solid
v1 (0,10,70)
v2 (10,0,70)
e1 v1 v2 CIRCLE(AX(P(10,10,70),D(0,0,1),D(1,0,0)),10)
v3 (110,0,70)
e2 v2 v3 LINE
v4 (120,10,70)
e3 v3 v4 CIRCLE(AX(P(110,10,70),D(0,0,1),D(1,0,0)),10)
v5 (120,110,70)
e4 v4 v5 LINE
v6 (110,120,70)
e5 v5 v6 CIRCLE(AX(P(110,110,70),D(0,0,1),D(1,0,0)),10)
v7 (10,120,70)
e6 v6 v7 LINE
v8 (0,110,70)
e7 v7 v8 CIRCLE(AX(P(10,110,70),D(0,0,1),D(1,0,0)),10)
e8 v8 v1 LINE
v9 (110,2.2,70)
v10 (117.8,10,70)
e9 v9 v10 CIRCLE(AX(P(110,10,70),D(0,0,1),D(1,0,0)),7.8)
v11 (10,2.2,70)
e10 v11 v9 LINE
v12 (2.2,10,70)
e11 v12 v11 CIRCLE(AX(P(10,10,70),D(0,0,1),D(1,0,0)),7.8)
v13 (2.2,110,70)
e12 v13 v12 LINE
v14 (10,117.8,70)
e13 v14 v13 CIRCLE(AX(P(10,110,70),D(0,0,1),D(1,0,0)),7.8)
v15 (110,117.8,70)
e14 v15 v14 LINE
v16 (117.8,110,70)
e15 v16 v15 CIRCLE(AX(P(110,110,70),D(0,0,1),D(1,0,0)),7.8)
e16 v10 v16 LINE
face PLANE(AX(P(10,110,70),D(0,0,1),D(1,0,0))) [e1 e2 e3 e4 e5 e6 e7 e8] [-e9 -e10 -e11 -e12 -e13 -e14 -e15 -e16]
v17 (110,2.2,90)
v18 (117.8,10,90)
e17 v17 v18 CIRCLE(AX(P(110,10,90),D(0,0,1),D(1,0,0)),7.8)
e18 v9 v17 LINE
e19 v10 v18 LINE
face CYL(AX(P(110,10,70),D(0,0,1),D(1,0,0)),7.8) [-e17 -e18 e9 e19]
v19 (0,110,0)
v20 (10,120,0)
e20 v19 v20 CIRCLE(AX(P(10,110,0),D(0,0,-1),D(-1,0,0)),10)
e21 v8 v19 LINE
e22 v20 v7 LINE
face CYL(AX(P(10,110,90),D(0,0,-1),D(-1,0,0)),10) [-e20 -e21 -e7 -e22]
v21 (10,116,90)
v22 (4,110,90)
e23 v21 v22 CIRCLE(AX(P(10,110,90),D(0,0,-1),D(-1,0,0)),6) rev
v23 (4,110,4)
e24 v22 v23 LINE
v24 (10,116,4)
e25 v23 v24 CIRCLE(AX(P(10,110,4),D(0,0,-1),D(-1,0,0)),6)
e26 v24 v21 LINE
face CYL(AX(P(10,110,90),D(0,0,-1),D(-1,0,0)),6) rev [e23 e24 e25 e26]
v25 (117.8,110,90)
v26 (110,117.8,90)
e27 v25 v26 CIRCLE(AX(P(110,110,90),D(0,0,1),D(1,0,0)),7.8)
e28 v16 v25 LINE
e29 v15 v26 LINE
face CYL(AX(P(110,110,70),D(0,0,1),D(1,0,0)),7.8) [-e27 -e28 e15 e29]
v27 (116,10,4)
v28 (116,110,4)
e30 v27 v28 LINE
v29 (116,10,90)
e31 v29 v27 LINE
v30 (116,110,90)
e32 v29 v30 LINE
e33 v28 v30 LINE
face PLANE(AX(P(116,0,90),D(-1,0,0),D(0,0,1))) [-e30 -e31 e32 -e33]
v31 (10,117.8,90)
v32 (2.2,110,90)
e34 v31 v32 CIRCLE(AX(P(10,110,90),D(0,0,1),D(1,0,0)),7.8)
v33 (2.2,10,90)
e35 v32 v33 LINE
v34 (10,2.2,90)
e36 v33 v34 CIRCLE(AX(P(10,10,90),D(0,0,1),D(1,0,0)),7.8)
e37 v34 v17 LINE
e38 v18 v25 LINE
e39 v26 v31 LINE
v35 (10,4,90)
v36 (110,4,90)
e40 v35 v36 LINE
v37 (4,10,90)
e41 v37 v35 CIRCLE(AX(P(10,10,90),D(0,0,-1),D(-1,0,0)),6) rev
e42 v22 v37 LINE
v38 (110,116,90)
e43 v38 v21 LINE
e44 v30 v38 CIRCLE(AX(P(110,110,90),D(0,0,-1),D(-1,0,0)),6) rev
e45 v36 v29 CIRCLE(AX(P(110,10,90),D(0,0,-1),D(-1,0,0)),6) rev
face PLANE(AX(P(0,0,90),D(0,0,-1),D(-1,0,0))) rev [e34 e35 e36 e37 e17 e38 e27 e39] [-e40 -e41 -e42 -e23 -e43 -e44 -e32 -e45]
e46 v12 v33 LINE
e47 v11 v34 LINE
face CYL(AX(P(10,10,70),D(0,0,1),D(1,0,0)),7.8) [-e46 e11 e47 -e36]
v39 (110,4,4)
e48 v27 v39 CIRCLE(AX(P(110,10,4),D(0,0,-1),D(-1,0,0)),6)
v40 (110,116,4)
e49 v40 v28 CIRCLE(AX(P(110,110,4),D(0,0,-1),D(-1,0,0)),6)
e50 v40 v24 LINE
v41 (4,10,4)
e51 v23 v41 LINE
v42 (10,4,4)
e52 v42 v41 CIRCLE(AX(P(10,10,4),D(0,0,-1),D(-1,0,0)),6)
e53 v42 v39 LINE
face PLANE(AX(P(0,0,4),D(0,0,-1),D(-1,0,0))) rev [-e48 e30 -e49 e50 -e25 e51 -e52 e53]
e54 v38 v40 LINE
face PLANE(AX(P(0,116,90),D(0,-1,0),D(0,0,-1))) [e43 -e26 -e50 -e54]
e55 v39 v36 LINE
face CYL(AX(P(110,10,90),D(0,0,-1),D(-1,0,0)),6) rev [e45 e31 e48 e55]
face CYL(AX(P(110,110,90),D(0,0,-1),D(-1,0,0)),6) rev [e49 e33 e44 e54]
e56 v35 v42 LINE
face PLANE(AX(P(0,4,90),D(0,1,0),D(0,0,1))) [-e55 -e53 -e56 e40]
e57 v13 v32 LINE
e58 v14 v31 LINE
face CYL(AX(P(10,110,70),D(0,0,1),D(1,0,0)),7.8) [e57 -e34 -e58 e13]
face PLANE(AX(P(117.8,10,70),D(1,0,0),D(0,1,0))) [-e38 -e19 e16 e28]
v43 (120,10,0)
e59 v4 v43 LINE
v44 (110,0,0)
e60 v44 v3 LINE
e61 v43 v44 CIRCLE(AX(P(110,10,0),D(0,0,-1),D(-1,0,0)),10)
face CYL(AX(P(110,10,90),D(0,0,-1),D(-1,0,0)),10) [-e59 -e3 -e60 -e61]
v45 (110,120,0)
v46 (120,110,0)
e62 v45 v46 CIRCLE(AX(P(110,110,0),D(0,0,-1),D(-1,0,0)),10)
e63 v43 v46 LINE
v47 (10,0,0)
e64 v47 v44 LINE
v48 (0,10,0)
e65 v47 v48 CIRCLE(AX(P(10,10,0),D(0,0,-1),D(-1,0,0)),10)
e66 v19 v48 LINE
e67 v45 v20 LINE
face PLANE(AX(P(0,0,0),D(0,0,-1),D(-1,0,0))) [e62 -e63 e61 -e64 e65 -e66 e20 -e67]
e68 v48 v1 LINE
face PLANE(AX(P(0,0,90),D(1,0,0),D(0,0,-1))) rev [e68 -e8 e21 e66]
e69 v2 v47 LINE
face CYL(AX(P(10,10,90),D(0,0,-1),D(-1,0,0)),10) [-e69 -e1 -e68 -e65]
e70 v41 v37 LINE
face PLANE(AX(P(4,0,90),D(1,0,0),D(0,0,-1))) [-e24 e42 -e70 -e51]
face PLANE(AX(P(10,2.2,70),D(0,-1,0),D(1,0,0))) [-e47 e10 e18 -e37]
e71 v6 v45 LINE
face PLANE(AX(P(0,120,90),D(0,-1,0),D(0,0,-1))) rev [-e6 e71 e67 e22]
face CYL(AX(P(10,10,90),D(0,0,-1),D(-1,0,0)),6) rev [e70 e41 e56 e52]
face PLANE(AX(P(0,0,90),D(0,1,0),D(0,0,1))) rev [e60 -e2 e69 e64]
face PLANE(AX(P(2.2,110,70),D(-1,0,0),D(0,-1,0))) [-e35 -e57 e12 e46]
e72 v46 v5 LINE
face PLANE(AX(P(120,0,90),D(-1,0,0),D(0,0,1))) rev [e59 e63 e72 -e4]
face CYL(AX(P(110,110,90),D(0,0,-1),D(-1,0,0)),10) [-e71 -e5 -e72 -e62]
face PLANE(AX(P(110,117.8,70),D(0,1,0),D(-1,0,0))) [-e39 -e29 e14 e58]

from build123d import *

# Parameters (mm, degrees)
SKETCH2_W           = 120
SKETCH2_H           = 120
BOSS_EXTRUDE1_DEPTH = 90
FILLET1_R           = 10
SHELL1_T            = -4
CUT_EXTRUDE1_DEPTH  = 20


with BuildPart() as part:
    # Sketch2 → Boss-Extrude1 (new body)
    with BuildSketch(Plane.XY):
        with Locations((60, 60)):
            Rectangle(SKETCH2_W, SKETCH2_H)
    extrude(amount=BOSS_EXTRUDE1_DEPTH)

    # Fillet1
    fillet1_edges = [part.edges().sort_by_distance(p)[0] for p in [
        (0, 120, 45),
        (120, 120, 45),
        (120, 0, 45),
        (0, 0, 45),
    ]]
    fillet(fillet1_edges, radius=FILLET1_R)

    # Shell1
    shell1_openings = [part.faces().sort_by_distance(p)[0] for p in [
        (60, 60, 90),
    ]]
    offset(amount=SHELL1_T, openings=shell1_openings, kind=Kind.INTERSECTION)

    # Sketch4 → Cut-Extrude1 (cut)
    with BuildSketch(Plane.XY.offset(90)):
        with BuildLine():
            Line((0, 110), (0, 10))
            ThreePointArc((0, 10), (2.928932188, 2.928932188), (10, 0))
            Line((10, 0), (110, 0))
            ThreePointArc((110, 0), (117.071067812, 2.928932188), (120, 10))
            Line((120, 10), (120, 110))
            ThreePointArc((120, 110), (117.071067812, 117.071067812), (110, 120))
            Line((110, 120), (10, 120))
            ThreePointArc((10, 120), (2.928932188, 117.071067812), (0, 110))
        make_face()
        with BuildLine():
            Line((2.2, 110), (2.2, 10))
            ThreePointArc((2.2, 10), (4.484567107, 4.484567107), (10, 2.2))
            Line((10, 2.2), (110, 2.2))
            ThreePointArc((110, 2.2), (115.515432893, 4.484567107), (117.8, 10))
            Line((117.8, 10), (117.8, 110))
            ThreePointArc((117.8, 110), (115.515432893, 115.515432893), (110, 117.8))
            Line((110, 117.8), (10, 117.8))
            ThreePointArc((10, 117.8), (4.484567107, 115.515432893), (2.2, 110))
        make_face(mode=Mode.SUBTRACT)
    extrude(amount=-CUT_EXTRUDE1_DEPTH, mode=Mode.SUBTRACT)


solid = part.part
